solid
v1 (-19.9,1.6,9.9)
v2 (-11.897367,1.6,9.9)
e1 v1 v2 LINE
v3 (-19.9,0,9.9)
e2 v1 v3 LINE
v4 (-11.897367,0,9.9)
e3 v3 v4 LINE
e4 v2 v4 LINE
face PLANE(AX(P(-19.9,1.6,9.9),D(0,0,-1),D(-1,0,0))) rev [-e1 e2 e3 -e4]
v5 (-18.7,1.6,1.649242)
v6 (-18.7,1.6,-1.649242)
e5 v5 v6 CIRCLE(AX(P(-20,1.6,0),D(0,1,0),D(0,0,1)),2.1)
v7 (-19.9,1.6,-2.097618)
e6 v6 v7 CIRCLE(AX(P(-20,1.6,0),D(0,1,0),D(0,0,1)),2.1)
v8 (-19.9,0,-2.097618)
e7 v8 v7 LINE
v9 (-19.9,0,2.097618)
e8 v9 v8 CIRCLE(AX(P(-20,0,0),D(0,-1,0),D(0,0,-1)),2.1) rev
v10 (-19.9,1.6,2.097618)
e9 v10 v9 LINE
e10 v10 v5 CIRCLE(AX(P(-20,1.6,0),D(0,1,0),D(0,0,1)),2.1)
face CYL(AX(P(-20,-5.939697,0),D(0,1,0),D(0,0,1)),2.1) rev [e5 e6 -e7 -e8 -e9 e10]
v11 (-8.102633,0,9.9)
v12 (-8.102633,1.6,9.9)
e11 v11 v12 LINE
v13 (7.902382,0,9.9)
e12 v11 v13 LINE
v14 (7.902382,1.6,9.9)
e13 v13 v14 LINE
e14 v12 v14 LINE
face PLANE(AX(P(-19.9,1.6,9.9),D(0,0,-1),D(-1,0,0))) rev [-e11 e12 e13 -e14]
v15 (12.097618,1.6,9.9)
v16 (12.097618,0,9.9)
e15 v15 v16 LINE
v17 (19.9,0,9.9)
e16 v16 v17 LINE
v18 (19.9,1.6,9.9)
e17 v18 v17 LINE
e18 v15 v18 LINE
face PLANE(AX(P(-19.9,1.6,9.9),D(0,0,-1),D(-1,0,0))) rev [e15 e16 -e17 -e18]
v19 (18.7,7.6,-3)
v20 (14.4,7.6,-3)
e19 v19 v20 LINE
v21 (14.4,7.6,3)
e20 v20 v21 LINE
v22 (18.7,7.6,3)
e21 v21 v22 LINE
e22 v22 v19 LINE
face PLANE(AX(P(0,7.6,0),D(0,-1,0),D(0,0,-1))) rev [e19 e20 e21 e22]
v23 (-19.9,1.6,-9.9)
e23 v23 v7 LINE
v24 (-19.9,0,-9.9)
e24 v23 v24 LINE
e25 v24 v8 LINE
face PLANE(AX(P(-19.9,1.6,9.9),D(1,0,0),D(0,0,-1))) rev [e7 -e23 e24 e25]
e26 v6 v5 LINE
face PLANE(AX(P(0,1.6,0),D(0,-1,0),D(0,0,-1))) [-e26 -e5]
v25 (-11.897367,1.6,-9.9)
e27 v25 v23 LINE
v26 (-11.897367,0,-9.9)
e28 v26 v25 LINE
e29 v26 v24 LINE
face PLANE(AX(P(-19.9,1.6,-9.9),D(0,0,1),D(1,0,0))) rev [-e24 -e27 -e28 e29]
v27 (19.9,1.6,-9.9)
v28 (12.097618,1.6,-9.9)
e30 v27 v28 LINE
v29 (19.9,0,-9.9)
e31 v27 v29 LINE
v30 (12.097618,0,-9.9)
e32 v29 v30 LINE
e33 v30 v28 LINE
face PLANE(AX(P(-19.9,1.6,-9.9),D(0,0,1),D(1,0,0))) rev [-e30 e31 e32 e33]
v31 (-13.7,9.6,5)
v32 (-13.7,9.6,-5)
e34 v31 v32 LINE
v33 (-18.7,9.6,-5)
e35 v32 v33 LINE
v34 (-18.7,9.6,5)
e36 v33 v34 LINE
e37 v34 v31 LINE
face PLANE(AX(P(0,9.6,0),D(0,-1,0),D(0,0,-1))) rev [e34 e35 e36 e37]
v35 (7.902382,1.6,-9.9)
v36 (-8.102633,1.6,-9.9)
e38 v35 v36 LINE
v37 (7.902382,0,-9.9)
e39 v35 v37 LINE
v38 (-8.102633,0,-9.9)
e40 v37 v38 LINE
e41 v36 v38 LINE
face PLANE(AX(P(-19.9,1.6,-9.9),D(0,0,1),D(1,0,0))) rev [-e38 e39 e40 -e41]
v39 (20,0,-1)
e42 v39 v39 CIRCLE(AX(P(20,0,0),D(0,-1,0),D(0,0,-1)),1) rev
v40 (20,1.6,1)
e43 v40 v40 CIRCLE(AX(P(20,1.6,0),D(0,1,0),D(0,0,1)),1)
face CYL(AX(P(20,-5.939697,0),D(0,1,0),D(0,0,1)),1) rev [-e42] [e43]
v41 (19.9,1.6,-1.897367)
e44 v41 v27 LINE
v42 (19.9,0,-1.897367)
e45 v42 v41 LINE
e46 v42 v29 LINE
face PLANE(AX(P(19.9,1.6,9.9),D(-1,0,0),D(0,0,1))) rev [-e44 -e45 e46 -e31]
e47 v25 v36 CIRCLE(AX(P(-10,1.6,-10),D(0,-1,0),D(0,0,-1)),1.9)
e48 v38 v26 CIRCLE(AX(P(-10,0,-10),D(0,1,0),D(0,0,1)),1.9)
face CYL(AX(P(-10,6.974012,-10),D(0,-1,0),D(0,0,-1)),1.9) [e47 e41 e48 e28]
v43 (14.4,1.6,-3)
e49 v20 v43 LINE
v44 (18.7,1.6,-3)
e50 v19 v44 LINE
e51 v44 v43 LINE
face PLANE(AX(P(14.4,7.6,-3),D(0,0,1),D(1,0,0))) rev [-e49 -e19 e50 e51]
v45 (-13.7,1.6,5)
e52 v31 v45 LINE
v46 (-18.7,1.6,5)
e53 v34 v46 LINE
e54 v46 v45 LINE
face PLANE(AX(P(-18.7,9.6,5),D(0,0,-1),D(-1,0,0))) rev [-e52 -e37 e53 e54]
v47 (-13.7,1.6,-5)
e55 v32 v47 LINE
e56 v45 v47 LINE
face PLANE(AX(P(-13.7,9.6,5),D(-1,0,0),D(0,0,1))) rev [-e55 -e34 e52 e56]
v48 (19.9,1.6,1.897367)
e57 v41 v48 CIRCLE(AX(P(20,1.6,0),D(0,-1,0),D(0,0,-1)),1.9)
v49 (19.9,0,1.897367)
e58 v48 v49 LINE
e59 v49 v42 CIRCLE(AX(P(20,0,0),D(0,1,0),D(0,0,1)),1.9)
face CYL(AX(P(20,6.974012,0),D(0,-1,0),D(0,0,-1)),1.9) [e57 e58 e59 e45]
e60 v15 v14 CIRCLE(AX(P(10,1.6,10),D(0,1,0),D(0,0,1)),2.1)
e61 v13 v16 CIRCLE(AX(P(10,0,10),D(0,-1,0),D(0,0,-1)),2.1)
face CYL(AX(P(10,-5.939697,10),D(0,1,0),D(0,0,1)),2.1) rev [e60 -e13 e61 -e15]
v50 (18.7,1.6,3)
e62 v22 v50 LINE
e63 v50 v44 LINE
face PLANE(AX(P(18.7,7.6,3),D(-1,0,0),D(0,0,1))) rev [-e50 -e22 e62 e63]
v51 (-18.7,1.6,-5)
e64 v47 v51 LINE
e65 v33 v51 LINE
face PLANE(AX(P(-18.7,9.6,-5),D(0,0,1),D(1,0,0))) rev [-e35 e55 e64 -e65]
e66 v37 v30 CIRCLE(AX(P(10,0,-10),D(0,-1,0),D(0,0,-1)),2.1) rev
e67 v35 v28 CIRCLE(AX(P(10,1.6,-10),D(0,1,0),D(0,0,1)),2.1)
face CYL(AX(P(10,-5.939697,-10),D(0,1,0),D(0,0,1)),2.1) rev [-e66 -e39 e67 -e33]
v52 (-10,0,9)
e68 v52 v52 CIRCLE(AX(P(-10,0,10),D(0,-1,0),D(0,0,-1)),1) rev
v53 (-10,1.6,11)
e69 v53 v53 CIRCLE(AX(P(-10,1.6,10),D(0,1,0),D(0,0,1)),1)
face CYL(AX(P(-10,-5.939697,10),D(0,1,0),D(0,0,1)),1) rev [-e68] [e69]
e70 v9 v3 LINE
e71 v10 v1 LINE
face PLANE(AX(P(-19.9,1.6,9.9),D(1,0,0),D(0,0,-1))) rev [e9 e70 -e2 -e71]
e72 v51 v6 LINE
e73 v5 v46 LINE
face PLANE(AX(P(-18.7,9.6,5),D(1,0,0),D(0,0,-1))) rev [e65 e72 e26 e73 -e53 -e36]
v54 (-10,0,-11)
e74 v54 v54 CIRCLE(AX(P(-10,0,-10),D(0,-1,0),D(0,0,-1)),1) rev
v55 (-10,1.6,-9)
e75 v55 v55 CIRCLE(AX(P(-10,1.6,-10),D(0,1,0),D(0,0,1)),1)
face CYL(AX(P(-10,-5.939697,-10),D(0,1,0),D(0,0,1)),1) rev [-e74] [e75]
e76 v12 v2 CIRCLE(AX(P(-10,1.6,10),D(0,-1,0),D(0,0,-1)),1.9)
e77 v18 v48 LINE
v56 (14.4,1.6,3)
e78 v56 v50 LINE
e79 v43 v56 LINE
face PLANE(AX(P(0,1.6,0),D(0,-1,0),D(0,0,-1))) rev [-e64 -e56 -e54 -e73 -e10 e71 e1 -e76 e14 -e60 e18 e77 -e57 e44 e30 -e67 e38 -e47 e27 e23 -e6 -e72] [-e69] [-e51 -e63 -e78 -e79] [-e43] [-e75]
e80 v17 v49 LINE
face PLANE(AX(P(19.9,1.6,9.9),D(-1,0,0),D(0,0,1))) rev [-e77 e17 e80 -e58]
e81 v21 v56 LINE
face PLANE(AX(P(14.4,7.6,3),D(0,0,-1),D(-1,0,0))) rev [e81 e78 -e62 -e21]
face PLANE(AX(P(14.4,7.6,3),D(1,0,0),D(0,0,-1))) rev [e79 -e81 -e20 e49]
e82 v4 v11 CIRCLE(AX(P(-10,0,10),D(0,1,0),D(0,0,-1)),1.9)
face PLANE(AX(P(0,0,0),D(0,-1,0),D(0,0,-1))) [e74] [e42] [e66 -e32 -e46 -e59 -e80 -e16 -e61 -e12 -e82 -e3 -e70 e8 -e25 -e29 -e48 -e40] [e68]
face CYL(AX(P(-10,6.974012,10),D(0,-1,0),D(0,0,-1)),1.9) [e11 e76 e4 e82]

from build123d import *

# Parameters (mm, degrees)
SKETCH1_W           = 39.8
SKETCH1_H           = 19.8
BOSS_EXTRUDE1_DEPTH = 1.6
SKETCH2_R           = 1.9
BOSS_EXTRUDE2_DEPTH = 1.6
SKETCH3_R           = 1
SKETCH3_R_2         = 2.1
CUT_EXTRUDE1_DEPTH  = 1.6
SKETCH4_W           = 4.3
SKETCH4_H           = 6
BOSS_EXTRUDE3_DEPTH = 6
SKETCH5_W           = 5
SKETCH5_H           = 10
BOSS_EXTRUDE4_DEPTH = 8


with BuildPart() as part:
    # Sketch1 → Boss-Extrude1 (new body)
    with BuildSketch(Plane(origin=(0, 0, 0), x_dir=(1, 0, 0), z_dir=(0, 1, 0))):
        Rectangle(SKETCH1_W, SKETCH1_H)
    extrude(amount=BOSS_EXTRUDE1_DEPTH)

    # Sketch2 → Boss-Extrude2 (add)
    with BuildSketch(Plane(origin=(0, 0, 0), x_dir=(1, 0, 0), z_dir=(0, 1, 0))):
        with Locations((-10, 10)):
            Circle(SKETCH2_R)
        with Locations((20, 0)):
            Circle(SKETCH2_R)
        with Locations((-10, -10)):
            Circle(SKETCH2_R)
    extrude(amount=BOSS_EXTRUDE2_DEPTH)

    # Sketch3 → Cut-Extrude1 (cut)
    with BuildSketch(Plane(origin=(0, 1.6, 0), x_dir=(1, 0, 0), z_dir=(0, 1, 0))):
        with Locations(Location((-10, 10, 0), (0, 0, 270))):
            Circle(SKETCH3_R)
        with Locations(Location((-10, -10, 0), (0, 0, 270))):
            Circle(SKETCH3_R)
        with Locations(Location((20, 0, 0), (0, 0, 270))):
            Circle(SKETCH3_R)
        with Locations((10, 10)):
            Circle(SKETCH3_R_2)
        with Locations((10, -10)):
            Circle(SKETCH3_R_2)
        with Locations((-20, 0)):
            Circle(SKETCH3_R_2)
    extrude(amount=-CUT_EXTRUDE1_DEPTH, mode=Mode.SUBTRACT)

    # Sketch4 → Boss-Extrude3 (add)
    with BuildSketch(Plane(origin=(0, 1.6, 0), x_dir=(1, 0, 0), z_dir=(0, 1, 0))):
        with Locations((16.55, 0)):
            Rectangle(SKETCH4_W, SKETCH4_H)
    extrude(amount=BOSS_EXTRUDE3_DEPTH)

    # Sketch5 → Boss-Extrude4 (add)
    with BuildSketch(Plane(origin=(0, 1.6, 0), x_dir=(1, 0, 0), z_dir=(0, 1, 0))):
        with Locations((-16.2, 0)):
            Rectangle(SKETCH5_W, SKETCH5_H)
    extrude(amount=BOSS_EXTRUDE4_DEPTH)


solid = part.part
